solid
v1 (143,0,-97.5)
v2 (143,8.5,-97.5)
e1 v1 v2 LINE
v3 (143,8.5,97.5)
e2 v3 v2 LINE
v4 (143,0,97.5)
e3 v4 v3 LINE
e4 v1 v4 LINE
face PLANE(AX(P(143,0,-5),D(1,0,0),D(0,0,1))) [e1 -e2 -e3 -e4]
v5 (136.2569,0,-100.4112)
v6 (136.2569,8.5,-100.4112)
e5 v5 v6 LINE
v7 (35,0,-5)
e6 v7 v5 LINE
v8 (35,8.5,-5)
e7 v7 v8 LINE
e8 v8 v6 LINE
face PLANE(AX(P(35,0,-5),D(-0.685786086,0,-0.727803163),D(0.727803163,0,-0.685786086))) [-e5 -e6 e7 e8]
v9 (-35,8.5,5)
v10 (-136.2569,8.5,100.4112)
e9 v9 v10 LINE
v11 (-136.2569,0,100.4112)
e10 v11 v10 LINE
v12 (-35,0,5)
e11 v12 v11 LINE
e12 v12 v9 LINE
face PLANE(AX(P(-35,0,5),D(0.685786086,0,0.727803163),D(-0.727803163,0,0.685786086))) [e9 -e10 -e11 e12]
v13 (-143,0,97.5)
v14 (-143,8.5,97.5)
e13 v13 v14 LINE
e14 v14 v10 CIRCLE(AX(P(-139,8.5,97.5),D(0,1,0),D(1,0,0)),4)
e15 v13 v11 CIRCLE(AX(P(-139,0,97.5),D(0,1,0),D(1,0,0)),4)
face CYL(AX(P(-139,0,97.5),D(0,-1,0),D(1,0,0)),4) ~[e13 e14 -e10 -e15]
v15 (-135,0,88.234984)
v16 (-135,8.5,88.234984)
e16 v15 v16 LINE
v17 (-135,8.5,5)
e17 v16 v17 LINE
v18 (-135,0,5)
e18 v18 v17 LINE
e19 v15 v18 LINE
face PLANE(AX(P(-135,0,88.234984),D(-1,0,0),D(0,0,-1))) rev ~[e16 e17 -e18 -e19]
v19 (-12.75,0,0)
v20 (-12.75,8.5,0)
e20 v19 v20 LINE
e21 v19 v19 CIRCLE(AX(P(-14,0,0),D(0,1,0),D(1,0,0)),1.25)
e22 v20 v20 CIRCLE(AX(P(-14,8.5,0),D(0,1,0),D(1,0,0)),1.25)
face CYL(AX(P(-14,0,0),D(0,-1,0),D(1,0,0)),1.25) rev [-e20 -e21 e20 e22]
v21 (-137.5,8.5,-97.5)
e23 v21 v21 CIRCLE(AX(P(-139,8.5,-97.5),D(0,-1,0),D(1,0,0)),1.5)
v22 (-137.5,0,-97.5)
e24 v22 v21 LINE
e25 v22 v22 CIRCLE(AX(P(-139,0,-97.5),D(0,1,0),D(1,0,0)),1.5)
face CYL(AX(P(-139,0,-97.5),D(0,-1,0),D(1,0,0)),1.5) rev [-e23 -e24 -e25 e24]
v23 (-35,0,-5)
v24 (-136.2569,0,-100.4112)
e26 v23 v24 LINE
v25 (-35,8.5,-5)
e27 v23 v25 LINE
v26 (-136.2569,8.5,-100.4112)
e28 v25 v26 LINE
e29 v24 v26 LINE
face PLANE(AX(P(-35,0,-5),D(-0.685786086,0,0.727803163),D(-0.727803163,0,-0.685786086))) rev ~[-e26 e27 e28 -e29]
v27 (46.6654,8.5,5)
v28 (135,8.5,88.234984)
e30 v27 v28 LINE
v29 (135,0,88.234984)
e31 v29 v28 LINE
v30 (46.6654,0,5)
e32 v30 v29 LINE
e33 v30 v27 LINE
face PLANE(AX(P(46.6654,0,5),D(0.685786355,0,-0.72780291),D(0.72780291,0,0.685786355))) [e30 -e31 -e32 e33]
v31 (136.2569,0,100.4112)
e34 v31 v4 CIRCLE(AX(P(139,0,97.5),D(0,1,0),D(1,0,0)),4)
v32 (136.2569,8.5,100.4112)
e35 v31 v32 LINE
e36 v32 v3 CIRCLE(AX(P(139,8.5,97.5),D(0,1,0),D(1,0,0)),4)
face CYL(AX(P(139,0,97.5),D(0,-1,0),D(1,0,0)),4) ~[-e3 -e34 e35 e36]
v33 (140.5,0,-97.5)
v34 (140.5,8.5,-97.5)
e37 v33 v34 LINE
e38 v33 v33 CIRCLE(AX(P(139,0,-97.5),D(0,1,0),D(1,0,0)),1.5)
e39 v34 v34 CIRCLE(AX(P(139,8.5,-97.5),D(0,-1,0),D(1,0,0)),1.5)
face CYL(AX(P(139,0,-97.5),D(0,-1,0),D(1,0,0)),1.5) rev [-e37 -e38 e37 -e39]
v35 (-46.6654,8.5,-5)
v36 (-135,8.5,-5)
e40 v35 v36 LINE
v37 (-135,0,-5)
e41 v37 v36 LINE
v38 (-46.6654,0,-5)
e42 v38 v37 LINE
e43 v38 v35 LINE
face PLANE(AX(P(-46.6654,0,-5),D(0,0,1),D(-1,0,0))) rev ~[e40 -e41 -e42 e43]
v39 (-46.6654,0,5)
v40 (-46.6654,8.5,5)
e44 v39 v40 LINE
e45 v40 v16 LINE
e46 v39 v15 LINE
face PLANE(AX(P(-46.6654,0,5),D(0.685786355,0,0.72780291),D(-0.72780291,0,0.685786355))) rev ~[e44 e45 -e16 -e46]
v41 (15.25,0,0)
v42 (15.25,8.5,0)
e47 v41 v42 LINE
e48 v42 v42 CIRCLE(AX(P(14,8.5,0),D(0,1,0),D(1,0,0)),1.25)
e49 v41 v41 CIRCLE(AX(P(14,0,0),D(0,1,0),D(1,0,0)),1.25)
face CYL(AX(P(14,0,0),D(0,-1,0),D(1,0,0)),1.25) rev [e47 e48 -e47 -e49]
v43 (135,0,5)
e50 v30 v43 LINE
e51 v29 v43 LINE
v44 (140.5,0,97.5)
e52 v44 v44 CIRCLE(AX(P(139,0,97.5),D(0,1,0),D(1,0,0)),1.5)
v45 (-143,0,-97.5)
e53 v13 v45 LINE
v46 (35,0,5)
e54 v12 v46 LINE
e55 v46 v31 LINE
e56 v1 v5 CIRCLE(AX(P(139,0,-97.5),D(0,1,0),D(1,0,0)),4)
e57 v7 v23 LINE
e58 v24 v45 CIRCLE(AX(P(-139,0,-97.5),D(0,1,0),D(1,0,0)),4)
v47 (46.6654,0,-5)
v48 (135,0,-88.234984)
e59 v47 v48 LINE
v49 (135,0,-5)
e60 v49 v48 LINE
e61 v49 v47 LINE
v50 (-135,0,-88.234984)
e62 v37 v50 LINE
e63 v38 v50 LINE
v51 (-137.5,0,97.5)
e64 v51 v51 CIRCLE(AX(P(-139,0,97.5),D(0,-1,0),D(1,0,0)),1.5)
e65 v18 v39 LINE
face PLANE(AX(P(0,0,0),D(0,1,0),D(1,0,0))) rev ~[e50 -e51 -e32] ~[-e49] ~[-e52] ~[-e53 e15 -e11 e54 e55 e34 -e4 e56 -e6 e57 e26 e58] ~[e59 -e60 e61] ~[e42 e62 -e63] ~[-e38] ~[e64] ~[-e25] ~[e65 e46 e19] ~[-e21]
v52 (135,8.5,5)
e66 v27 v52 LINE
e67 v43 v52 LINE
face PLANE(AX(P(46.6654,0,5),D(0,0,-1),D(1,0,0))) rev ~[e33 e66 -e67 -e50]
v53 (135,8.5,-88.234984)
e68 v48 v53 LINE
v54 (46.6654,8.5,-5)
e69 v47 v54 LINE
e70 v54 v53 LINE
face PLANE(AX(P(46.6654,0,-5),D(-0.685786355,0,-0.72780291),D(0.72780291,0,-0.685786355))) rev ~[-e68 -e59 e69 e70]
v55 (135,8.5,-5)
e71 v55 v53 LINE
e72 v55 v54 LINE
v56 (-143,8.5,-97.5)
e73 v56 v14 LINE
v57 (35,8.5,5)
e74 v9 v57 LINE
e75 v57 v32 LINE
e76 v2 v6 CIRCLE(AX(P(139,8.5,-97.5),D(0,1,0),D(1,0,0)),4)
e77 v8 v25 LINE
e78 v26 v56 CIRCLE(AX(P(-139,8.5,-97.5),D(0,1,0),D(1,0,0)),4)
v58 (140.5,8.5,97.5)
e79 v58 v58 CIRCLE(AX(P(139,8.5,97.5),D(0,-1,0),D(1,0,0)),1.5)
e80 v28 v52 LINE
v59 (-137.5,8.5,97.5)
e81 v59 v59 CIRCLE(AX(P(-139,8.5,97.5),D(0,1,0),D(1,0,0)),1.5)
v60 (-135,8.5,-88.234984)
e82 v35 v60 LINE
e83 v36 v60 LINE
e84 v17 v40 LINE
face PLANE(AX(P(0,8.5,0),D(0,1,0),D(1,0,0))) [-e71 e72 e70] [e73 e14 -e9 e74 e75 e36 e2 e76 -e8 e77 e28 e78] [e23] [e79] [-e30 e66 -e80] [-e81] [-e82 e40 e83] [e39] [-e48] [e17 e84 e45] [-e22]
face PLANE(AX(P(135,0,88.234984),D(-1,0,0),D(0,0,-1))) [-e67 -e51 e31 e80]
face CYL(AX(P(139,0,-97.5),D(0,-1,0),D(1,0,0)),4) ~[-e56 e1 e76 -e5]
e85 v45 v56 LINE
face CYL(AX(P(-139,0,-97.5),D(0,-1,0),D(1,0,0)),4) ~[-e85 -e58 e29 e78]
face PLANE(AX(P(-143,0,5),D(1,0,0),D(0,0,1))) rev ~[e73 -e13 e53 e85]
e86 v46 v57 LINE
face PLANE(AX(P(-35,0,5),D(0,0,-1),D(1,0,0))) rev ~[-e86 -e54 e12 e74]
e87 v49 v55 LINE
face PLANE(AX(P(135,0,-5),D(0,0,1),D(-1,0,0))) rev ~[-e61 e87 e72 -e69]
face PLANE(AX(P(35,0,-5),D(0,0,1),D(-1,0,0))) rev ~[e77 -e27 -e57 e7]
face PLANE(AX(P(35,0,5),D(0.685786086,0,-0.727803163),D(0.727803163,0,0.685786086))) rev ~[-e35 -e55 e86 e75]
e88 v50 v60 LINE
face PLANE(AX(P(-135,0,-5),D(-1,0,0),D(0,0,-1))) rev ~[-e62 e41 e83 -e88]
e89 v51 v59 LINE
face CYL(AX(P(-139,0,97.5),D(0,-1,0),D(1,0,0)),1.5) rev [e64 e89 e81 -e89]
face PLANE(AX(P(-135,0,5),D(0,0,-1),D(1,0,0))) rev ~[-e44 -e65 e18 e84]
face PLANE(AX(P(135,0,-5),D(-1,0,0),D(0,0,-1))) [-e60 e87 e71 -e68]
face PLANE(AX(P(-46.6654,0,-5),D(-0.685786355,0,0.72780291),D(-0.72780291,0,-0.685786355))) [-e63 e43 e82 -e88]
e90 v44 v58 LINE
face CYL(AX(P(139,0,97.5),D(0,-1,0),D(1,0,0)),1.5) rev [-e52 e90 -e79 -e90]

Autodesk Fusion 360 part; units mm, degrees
sketch "Sketch1" plane through (0, 0, 0) normal (0, 1, 0) x (1, 0, 0)
  circle A0 centre (-139, -97.5) radius 1.5
  circle A1 centre (139, -97.5) radius 1.5
  circle A2 centre (139, 97.5) radius 1.5
  circle A3 centre (-139, 97.5) radius 1.5
  line L0 (139, -97.5) -> (139, 97.5) construction
  line L1 (139, 97.5) -> (-139, 97.5) construction
  line L2 (-139, 97.5) -> (-139, -97.5) construction
  line L3 (-139, -97.5) -> (139, -97.5) construction
  line L4 (0, -97.5) -> (0, 97.5) construction
  line L5 (139, 0) -> (-139, 0) construction
  circle A4 centre (-139, -97.5) radius 4
  circle A5 centre (-139, 97.5) radius 4
  circle A6 centre (139, 97.5) radius 4
  circle A7 centre (139, -97.5) radius 4
  line L6 (-143, -97.5) -> (-135, -97.5)
  line L7 (-135, -97.5) -> (-135, 97.5)
  line L8 (-135, 97.5) -> (-143, 97.5)
  line L9 (-143, 97.5) -> (-143, -97.5)
  line L10 (143, -97.5) -> (135, -97.5)
  line L11 (135, -97.5) -> (135, 97.5)
  line L12 (135, 97.5) -> (143, 97.5)
  line L13 (143, 97.5) -> (143, -97.5)
  line L14 (-143, -5) -> (143, -5)
  line L15 (143, -5) -> (143, 5)
  line L16 (143, 5) -> (-143, 5)
  line L17 (-143, 5) -> (-143, -5)
  line L18 (-35, -5) -> (-136.2569, -100.4112)
  line L19 (-46.6654, -5) -> (-141.7431, -94.5888)
  line L20 (-136.2569, -100.4112) -> (-141.7431, -94.5888)
  line L21 (35, -5) -> (136.2569, -100.4112)
  line L22 (46.6654, -5) -> (141.7431, -94.5888)
  line L23 (136.2569, -100.4112) -> (141.7431, -94.5888)
  line L24 (-35, 5) -> (-136.2569, 100.4112)
  line L25 (-46.6654, 5) -> (-141.7431, 94.5888)
  line L26 (46.6654, 5) -> (141.7431, 94.5888)
  line L27 (35, 5) -> (136.2569, 100.4112)
  line L28 (136.2569, 100.4112) -> (141.7431, 94.5888)
  line L29 (-136.2569, 100.4112) -> (-141.7431, 94.5888)
  circle A8 centre (-14, 0) radius 1.25
  circle A9 centre (14, 0) radius 1.25
  dimension "d1" = 3
  dimension "d2" = 3
  dimension "d3" = 3
  dimension "d4" = 3
  dimension "d5" = 278
  dimension "d6" = 195
  dimension "d7" = 8
  dimension "d8" = 8
  dimension "d9" = 8
  dimension "d10" = 8
  dimension "d11" = 5
  dimension "d12" = 5
  dimension "d13" = 35
  dimension "d14" = 2.5
  dimension "d15" = 2.5
  dimension "d16" = 14
  dimension "d17" = 14
extrude "Extrude1" add sketch "Sketch1" along normal blind 8.5 contours A0 A4 L6 L20 | A0 A4 L6 L20 | A0 A4 L6 L20 | A0 A4 L6 L20 | A4 L7 L14 L18 L19 | A4 L7 L19 | A4 L7 L9 L14 L19 | L7 L11 L14 L16 | L7 L9 L14 L16 L17 | A7 L11 L14 L21 L22 | A5 L7 L9 L16 L25 | A1 A7 L10 L23 | A1 A7 L10 L23 | A5 L7 L25 | A5 L7 L16 L24 L25 | A3 A5 L8 L29 | A3 A5 L8 L29 | A7 L11 L13 L14 L22 | L11 L13 L14 L15 L16 | A7 L11 L22 | A1 A7 L10 L23 | A1 A7 L10 L23 | A3 A5 L8 L29 | A3 A5 L8 L29 | A6 L11 L13 L16 L26 | A6 L11 L16 L26 L27 | A6 L11 L26 | A2 A6 L12 L28 | A2 A6 L12 L28 | A2 A6 L12 L28 | A2 A6 L12 L28
equation "d2 = d1"
equation "d3 = d2"
equation "d4 = d1"
equation "d8 = d7"
equation "d9 = d7"
equation "d10 = d7"
equation "d12 = d11"
equation "d17 = d16"
